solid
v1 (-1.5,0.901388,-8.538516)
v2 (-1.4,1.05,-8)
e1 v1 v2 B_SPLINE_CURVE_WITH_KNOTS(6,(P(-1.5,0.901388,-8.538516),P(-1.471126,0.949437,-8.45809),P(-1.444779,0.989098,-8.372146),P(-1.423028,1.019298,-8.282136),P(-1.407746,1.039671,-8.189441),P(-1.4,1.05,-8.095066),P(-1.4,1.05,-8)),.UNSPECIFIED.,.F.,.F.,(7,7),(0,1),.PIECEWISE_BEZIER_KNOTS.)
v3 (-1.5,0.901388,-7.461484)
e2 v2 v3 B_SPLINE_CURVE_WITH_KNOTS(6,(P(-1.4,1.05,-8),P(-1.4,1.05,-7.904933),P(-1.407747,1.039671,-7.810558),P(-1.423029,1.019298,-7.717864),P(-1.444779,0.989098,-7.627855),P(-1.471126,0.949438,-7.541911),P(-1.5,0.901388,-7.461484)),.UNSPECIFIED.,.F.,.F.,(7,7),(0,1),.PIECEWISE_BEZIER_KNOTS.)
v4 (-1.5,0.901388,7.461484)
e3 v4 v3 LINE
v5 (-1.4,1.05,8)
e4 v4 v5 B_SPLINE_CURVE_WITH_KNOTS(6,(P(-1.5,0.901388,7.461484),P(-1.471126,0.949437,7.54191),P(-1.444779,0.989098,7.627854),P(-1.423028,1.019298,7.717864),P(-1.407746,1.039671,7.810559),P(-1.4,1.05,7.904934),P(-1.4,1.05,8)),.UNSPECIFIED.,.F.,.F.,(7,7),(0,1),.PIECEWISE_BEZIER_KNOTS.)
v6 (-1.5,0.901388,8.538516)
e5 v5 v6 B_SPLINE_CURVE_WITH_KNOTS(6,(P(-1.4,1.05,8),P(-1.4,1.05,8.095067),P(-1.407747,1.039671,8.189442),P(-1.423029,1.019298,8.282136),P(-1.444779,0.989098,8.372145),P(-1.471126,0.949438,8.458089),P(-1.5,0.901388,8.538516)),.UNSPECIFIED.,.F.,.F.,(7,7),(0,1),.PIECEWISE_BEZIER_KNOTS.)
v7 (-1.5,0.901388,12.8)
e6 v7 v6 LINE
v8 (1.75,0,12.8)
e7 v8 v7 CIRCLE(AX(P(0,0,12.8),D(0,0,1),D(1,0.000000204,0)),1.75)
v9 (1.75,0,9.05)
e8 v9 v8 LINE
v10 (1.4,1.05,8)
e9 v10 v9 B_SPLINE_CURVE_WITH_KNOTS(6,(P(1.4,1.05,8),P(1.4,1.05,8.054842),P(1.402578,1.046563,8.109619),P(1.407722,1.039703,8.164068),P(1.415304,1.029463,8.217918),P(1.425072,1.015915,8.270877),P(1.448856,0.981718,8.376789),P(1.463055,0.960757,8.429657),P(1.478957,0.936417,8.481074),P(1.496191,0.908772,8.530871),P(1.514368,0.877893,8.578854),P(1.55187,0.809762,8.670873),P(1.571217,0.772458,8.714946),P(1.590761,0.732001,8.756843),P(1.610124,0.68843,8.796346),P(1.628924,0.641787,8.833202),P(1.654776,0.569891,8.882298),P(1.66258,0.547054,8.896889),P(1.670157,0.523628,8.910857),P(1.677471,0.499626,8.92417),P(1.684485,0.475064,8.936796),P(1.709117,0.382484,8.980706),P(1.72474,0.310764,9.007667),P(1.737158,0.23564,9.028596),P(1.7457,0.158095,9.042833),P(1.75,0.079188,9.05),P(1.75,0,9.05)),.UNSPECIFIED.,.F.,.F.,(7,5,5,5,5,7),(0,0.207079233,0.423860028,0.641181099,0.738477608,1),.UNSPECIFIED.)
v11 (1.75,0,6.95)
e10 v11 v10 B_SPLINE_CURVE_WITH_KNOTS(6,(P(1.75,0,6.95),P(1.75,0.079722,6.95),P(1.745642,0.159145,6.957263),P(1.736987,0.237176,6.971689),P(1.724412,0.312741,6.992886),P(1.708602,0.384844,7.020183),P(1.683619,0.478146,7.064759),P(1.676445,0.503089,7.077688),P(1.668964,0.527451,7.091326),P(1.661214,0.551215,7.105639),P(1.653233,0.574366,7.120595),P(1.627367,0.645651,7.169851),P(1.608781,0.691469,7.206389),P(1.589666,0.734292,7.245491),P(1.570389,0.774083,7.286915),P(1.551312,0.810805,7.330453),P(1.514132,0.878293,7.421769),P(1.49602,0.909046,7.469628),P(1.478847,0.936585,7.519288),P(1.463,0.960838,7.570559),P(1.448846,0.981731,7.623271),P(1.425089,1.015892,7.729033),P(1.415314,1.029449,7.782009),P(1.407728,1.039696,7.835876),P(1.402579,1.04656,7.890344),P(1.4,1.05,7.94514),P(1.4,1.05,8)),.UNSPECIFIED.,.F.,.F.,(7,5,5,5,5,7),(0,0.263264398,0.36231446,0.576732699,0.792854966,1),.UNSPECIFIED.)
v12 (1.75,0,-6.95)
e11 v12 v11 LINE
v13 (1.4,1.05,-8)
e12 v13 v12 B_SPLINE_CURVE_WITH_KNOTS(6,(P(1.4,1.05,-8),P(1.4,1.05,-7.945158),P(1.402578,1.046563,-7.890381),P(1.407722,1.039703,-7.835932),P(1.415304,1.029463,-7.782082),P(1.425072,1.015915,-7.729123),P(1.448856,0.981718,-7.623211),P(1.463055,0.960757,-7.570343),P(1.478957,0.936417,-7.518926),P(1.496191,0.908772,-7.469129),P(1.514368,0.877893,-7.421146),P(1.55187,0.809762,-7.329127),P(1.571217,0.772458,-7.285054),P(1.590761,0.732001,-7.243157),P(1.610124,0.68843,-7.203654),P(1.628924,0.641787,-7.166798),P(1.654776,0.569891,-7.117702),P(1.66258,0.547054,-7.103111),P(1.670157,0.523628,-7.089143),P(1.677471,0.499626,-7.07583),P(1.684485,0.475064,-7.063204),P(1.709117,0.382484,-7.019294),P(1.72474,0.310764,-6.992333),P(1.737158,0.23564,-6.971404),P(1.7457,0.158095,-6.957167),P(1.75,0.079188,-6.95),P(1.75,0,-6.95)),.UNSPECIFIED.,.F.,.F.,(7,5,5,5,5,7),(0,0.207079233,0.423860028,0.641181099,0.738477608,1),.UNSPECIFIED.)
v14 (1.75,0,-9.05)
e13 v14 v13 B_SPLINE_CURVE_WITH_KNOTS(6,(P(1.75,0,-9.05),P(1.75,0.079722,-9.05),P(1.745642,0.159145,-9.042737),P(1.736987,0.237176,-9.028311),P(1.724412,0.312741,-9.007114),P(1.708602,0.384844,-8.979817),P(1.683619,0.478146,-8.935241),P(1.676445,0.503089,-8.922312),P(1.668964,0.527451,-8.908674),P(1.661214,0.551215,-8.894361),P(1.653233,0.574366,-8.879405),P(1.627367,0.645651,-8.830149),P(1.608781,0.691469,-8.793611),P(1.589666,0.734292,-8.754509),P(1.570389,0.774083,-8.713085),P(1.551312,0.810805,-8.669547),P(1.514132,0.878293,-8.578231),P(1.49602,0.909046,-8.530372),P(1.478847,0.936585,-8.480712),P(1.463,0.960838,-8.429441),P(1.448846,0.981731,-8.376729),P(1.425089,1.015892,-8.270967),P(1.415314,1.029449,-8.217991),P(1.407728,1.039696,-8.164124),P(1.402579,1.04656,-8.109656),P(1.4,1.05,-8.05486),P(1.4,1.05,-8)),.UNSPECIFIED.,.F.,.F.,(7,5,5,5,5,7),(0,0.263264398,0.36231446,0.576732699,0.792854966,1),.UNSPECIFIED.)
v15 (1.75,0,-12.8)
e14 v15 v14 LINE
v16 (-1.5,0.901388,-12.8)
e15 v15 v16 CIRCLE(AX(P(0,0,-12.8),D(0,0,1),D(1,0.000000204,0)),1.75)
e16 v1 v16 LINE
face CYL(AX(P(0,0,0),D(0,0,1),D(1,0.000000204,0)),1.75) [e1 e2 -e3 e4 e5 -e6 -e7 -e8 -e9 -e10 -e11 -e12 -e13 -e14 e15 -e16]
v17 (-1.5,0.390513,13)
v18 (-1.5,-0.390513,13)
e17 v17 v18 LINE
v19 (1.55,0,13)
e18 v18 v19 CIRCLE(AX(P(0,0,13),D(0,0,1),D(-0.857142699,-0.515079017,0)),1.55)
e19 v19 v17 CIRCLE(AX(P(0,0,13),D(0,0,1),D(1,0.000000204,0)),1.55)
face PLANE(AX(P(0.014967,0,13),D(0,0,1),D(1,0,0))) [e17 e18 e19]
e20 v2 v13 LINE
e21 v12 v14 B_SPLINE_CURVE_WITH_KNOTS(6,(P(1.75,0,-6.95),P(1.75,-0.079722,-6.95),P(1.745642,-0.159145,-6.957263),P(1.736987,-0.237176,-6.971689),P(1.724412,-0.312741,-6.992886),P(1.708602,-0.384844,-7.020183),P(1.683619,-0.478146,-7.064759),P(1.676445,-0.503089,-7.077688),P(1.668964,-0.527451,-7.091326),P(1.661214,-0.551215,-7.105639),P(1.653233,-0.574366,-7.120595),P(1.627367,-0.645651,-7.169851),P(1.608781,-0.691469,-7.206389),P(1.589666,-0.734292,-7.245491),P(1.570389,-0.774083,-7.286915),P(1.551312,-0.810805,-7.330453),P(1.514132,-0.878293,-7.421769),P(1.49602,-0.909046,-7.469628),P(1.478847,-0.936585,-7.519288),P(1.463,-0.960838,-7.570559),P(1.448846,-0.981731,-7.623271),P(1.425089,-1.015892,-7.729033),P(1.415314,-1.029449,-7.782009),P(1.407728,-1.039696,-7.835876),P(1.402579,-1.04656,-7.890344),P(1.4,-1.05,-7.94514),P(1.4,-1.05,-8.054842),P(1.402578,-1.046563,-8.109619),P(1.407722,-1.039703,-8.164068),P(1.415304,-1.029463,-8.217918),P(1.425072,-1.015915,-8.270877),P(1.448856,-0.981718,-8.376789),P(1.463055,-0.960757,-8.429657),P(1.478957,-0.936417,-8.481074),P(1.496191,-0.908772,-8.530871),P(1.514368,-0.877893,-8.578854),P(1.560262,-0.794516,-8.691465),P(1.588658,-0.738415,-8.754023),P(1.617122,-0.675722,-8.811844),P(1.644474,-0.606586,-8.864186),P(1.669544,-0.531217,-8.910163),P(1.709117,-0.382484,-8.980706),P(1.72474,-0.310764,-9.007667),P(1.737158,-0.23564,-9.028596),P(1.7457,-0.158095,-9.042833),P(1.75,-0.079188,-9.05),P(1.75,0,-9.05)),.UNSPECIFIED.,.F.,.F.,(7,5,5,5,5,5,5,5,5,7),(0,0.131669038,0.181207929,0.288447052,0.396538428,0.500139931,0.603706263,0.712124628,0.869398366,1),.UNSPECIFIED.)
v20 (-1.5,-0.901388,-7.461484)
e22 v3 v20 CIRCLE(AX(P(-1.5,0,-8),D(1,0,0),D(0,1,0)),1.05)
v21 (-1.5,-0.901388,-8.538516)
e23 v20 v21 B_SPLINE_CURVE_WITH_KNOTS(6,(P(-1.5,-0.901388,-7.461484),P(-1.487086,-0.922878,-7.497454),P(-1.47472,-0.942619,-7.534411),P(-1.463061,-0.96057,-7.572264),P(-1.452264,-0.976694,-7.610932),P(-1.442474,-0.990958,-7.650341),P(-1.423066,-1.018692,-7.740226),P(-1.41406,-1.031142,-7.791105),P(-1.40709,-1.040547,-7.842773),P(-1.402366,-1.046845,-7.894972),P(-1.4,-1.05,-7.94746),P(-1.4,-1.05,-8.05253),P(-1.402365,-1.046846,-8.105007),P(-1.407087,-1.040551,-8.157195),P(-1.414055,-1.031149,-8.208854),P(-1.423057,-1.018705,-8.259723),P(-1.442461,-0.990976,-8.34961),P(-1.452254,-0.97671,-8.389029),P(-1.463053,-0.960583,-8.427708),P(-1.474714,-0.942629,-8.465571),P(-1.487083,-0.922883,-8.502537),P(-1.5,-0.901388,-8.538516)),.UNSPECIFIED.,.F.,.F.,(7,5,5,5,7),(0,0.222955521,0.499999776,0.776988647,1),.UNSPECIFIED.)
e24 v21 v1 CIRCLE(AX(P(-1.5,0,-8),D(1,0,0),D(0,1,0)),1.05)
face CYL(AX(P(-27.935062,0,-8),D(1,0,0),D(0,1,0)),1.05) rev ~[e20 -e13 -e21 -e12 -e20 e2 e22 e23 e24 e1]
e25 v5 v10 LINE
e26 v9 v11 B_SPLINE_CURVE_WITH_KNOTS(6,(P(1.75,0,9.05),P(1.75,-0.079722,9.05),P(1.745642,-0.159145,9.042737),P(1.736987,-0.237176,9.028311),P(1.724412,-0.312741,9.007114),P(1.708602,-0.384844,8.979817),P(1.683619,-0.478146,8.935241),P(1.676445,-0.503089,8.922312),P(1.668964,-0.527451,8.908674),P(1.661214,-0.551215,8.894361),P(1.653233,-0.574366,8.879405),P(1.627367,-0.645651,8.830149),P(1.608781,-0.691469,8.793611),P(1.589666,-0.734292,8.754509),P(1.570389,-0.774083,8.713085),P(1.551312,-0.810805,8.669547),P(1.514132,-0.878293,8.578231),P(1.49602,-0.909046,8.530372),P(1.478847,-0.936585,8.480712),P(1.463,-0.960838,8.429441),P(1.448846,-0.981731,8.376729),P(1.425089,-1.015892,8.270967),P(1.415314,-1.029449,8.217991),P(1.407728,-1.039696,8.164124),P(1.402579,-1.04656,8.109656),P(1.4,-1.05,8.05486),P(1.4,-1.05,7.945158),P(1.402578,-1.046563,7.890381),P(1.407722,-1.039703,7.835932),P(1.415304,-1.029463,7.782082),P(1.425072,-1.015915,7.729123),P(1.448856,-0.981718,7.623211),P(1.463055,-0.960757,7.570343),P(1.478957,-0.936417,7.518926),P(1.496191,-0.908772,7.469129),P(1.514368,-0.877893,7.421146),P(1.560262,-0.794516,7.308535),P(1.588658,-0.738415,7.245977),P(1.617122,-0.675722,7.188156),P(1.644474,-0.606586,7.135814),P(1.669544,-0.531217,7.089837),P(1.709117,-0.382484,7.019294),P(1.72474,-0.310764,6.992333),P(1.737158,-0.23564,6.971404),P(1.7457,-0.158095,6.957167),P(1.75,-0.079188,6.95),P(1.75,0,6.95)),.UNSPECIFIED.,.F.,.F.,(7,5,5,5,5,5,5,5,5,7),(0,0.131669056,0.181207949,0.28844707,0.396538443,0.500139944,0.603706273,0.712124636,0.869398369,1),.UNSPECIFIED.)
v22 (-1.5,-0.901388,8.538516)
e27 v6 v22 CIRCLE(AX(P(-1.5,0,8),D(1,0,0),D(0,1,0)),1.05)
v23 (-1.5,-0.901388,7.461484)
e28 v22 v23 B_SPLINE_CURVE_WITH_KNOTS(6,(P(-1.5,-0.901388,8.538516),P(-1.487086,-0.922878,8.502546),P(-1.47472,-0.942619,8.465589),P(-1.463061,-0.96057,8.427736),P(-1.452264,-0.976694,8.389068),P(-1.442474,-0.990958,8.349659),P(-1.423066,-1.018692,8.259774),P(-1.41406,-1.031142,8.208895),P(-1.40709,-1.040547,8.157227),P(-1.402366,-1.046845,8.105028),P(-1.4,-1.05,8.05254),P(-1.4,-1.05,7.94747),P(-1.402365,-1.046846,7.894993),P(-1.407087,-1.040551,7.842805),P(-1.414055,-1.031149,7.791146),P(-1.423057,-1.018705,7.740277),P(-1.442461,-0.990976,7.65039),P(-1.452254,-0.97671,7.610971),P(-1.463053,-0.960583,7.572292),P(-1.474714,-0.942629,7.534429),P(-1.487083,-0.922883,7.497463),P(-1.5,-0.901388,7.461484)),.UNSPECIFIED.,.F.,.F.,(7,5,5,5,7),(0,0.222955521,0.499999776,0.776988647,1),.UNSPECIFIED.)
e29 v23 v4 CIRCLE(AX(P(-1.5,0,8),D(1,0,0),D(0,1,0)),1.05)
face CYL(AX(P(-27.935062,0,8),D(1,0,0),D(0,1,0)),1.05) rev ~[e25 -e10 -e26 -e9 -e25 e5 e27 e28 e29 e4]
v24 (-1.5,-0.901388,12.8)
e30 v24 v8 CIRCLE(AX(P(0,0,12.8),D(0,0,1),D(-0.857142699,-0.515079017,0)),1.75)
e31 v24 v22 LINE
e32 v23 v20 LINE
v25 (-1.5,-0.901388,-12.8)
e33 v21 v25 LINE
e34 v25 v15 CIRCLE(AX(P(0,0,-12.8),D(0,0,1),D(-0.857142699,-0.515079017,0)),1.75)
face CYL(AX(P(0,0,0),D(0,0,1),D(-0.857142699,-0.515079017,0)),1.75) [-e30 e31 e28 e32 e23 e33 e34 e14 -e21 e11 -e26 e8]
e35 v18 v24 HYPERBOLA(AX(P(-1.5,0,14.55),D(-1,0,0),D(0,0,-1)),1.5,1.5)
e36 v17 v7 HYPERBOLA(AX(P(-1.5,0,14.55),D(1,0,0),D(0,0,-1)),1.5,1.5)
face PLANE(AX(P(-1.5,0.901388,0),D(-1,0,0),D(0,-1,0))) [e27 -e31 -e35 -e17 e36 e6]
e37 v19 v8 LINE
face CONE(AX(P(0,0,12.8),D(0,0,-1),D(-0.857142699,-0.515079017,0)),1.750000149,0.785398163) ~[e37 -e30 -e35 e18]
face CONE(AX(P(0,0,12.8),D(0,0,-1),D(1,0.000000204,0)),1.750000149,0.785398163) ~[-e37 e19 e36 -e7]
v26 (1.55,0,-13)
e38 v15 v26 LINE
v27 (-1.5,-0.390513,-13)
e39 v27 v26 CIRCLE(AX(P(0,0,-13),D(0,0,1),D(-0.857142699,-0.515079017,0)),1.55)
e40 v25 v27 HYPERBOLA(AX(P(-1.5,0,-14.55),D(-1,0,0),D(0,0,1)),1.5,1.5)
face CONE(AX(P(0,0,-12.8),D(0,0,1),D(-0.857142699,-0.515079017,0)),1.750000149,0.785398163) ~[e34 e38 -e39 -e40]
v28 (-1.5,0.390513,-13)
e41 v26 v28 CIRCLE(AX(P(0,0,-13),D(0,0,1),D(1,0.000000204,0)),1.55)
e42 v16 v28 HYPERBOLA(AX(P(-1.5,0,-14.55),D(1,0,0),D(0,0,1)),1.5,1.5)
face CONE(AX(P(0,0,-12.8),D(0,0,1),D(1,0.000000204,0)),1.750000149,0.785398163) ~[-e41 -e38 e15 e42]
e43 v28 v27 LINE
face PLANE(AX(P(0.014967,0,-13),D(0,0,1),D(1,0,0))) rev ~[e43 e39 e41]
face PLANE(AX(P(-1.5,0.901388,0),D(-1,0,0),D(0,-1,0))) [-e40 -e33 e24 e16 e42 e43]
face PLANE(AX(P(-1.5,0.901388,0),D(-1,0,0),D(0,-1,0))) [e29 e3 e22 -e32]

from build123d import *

# Parameters (mm, degrees)
F1_DEPTH = 13
F2_SIZE  = 0.2
F4_D     = 2.1


with BuildPart() as f1:
    # F0 (on Top) → F1 (new body, symmetric)
    with BuildSketch(Plane.XY):
        with BuildLine():
            ThreePointArc((-1.5, -0.901388), (0.467707, -1.686342), (1.75, 0))
            ThreePointArc((1.75, 0), (0.467707, 1.686342), (-1.5, 0.901388))
            Line((-1.5, 0.901388), (-1.5, -0.901388))
        make_face()
    extrude(amount=F1_DEPTH, both=True)

    # F2
    f2_edges = [f1.edges().sort_by_distance(p)[0] for p in [
        (0.467707, 1.686342, 13),
        (0.467707, -1.686342, 13),
        (0.467707, 1.686342, -13),
        (0.467707, -1.686342, -13),
    ]]
    chamfer(f2_edges, length=F2_SIZE)

    # F4 (through all)
    with Locations(Plane(origin=(-1.5, 0, 0), x_dir=(0, -1, 0), z_dir=(-1, 0, 0))):
        with Locations((0, 8), (0, -8)):
            Hole(F4_D / 2)


solid = f1.part
